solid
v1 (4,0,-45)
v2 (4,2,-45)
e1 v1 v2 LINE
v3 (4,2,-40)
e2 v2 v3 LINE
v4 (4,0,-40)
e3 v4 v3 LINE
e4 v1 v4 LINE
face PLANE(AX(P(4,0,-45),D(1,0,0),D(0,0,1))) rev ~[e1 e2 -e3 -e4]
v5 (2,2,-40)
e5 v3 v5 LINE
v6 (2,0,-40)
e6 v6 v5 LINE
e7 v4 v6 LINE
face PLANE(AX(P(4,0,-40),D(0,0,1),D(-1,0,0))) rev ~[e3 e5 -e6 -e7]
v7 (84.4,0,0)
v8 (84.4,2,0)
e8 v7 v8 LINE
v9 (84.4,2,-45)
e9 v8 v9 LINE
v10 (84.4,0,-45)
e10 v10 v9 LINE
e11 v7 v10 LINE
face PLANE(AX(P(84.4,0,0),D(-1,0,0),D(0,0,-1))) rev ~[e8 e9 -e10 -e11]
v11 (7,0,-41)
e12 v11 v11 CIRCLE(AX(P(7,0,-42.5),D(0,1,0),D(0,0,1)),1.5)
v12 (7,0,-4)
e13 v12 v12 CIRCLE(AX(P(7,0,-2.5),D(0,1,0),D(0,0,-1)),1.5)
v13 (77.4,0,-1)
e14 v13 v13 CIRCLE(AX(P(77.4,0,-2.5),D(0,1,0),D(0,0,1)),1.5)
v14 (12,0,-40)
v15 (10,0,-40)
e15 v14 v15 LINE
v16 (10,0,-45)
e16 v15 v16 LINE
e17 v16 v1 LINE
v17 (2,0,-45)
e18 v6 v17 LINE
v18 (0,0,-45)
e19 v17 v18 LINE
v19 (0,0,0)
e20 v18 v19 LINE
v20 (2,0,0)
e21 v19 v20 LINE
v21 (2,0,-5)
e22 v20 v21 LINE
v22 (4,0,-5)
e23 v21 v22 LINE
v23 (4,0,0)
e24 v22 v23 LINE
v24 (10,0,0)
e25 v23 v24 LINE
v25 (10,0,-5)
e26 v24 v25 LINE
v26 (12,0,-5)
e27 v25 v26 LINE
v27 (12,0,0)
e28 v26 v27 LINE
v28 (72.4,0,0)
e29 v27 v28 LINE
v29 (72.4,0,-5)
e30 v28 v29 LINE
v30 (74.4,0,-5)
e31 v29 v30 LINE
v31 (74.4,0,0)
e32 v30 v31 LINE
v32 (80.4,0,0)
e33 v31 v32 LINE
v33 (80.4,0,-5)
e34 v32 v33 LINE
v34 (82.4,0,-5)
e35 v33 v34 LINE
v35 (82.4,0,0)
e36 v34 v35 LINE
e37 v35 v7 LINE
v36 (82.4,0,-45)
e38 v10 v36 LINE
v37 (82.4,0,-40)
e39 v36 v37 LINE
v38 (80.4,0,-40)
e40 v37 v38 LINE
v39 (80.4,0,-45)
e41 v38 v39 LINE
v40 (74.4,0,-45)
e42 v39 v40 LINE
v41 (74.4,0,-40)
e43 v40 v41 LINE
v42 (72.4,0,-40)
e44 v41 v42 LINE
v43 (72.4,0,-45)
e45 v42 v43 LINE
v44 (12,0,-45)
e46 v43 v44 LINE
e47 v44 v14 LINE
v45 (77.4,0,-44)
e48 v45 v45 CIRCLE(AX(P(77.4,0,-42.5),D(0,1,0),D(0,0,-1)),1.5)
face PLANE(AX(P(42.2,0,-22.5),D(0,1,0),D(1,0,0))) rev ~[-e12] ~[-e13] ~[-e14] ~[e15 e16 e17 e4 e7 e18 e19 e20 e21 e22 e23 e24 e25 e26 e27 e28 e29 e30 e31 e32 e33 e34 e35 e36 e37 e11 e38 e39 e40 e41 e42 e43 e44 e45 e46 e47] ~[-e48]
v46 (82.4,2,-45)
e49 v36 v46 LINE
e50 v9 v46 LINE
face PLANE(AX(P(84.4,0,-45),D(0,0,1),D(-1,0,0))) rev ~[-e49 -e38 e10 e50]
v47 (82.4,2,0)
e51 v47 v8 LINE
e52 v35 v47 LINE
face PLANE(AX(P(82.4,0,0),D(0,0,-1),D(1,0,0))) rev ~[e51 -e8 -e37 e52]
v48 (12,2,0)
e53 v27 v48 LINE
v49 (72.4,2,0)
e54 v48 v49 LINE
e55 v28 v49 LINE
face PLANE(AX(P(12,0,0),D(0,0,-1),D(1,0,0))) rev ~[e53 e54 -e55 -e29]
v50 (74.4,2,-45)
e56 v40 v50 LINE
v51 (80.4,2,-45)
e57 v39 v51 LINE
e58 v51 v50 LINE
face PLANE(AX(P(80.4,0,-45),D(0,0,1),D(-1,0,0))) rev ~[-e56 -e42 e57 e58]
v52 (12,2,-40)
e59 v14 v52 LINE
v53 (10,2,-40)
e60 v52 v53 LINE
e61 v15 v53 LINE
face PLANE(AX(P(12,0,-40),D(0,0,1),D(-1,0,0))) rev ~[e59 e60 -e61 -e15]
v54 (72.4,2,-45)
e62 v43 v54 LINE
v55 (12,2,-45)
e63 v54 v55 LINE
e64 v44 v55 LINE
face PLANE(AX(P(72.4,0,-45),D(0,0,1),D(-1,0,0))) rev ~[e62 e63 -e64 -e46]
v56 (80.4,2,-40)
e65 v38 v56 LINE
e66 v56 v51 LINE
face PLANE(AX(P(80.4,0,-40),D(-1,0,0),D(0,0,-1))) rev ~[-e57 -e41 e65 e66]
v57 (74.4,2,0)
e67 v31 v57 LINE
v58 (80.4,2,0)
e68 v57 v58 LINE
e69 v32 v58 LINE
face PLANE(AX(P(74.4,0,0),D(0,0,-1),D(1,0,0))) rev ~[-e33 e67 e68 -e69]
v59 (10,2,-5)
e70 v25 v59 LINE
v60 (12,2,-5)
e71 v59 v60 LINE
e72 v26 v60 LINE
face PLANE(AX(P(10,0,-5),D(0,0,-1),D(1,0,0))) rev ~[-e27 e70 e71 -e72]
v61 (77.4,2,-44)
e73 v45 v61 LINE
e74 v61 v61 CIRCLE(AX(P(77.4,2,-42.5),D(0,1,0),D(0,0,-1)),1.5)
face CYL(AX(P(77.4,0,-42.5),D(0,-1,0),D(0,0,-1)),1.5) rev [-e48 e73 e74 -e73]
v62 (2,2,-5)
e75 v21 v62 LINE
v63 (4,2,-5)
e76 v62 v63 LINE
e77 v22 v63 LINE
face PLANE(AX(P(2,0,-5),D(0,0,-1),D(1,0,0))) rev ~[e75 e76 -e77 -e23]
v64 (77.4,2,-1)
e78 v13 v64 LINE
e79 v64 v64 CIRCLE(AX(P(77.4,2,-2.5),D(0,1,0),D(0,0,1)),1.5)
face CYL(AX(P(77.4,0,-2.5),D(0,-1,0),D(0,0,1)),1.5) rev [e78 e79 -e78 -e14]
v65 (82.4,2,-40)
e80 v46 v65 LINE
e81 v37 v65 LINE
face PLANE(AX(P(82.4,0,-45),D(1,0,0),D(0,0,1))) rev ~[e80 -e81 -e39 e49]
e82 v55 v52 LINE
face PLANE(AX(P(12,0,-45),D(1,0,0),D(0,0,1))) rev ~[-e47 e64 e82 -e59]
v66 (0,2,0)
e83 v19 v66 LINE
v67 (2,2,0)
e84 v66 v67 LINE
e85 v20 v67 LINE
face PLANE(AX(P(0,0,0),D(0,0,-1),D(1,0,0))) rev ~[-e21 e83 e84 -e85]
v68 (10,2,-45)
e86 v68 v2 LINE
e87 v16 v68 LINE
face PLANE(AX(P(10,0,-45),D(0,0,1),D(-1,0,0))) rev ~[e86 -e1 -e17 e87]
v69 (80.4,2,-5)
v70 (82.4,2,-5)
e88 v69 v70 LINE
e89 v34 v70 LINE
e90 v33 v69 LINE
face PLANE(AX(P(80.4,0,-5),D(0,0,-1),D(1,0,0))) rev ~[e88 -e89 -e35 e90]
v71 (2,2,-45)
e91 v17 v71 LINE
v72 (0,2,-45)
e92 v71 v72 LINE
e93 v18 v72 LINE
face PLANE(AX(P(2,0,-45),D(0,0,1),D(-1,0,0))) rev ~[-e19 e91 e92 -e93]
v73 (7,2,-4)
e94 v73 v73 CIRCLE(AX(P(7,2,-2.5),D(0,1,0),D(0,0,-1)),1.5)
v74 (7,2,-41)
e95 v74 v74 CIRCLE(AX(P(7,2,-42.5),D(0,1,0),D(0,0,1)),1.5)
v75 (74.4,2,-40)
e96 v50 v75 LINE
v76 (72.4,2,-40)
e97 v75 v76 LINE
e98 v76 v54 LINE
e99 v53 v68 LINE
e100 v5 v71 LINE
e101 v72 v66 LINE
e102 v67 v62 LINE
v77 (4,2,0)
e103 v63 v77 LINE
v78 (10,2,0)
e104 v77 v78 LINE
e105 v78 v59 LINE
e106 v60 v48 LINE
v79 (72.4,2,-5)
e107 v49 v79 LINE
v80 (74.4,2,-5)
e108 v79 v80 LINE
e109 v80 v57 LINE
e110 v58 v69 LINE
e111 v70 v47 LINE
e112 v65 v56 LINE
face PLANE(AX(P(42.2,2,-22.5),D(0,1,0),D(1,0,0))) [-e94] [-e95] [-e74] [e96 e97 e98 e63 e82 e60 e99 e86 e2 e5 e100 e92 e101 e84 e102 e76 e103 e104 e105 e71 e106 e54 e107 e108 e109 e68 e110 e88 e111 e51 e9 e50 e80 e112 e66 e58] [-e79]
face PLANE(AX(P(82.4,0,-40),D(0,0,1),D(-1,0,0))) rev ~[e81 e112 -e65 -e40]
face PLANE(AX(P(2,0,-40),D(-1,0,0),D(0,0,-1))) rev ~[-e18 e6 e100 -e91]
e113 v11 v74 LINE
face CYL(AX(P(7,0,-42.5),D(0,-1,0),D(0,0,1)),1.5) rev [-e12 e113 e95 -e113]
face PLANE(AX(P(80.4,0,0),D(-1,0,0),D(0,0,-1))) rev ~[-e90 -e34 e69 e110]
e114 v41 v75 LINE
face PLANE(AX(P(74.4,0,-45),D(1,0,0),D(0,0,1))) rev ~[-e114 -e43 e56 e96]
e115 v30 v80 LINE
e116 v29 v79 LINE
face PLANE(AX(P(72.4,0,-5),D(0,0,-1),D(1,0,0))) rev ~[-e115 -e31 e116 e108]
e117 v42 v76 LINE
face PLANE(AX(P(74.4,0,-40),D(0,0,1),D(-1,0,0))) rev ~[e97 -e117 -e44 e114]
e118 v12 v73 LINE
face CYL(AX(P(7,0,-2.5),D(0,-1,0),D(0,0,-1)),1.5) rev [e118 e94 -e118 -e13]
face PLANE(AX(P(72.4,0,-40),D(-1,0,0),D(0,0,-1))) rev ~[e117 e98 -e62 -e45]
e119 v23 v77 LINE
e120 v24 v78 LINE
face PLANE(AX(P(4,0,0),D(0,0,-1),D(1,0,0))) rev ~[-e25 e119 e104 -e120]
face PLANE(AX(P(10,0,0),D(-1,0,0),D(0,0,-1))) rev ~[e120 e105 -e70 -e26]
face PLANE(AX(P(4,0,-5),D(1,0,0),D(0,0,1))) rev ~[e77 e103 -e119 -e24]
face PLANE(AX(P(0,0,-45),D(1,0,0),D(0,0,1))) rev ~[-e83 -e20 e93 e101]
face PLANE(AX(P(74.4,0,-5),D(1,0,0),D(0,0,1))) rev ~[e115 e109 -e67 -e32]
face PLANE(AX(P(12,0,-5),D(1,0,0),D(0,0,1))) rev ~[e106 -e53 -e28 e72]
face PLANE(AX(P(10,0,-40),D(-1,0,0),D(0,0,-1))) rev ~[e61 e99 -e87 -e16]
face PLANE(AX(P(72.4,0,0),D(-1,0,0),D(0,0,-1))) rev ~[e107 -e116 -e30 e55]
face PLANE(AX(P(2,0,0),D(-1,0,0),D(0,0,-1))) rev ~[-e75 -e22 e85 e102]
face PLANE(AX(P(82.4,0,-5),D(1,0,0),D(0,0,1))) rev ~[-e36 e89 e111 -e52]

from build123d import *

# Parameters (mm, degrees)
SKETCH1_R           = 1.5
BOSS_EXTRUDE1_DEPTH = 2


with BuildPart() as part:
    # Sketch1 → Boss-Extrude1 (new body)
    with BuildSketch(Plane(origin=(0, 0, 0), x_dir=(1, 0, 0), z_dir=(0, 1, 0))):
        Polygon((0, 0), (2, 0), (2, 5), (4, 5), (4, 0), (10, 0), (10, 5), (12, 5), (12, 0), (72.4, 0), (72.4, 5), (74.4, 5), (74.4, 0), (80.4, 0), (80.4, 5), (82.4, 5), (82.4, 0), (84.4, 0), (84.4, 45), (82.4, 45), (82.4, 40), (80.4, 40), (80.4, 45), (74.4, 45), (74.4, 40), (72.4, 40), (72.4, 45), (12, 45), (12, 40), (10, 40), (10, 45), (4, 45), (4, 40), (2, 40), (2, 45), (0, 45), align=None)
        with Locations(Location((7, 42.5, 0), (0, 0, 270))):
            Circle(SKETCH1_R, mode=Mode.SUBTRACT)
        with Locations(Location((77.4, 42.5, 0), (0, 0, 90))):
            Circle(SKETCH1_R, mode=Mode.SUBTRACT)
        with Locations(Location((7, 2.5, 0), (0, 0, 90))):
            Circle(SKETCH1_R, mode=Mode.SUBTRACT)
        with Locations(Location((77.4, 2.5, 0), (0, 0, 270))):
            Circle(SKETCH1_R, mode=Mode.SUBTRACT)
    extrude(amount=BOSS_EXTRUDE1_DEPTH)


solid = part.part
